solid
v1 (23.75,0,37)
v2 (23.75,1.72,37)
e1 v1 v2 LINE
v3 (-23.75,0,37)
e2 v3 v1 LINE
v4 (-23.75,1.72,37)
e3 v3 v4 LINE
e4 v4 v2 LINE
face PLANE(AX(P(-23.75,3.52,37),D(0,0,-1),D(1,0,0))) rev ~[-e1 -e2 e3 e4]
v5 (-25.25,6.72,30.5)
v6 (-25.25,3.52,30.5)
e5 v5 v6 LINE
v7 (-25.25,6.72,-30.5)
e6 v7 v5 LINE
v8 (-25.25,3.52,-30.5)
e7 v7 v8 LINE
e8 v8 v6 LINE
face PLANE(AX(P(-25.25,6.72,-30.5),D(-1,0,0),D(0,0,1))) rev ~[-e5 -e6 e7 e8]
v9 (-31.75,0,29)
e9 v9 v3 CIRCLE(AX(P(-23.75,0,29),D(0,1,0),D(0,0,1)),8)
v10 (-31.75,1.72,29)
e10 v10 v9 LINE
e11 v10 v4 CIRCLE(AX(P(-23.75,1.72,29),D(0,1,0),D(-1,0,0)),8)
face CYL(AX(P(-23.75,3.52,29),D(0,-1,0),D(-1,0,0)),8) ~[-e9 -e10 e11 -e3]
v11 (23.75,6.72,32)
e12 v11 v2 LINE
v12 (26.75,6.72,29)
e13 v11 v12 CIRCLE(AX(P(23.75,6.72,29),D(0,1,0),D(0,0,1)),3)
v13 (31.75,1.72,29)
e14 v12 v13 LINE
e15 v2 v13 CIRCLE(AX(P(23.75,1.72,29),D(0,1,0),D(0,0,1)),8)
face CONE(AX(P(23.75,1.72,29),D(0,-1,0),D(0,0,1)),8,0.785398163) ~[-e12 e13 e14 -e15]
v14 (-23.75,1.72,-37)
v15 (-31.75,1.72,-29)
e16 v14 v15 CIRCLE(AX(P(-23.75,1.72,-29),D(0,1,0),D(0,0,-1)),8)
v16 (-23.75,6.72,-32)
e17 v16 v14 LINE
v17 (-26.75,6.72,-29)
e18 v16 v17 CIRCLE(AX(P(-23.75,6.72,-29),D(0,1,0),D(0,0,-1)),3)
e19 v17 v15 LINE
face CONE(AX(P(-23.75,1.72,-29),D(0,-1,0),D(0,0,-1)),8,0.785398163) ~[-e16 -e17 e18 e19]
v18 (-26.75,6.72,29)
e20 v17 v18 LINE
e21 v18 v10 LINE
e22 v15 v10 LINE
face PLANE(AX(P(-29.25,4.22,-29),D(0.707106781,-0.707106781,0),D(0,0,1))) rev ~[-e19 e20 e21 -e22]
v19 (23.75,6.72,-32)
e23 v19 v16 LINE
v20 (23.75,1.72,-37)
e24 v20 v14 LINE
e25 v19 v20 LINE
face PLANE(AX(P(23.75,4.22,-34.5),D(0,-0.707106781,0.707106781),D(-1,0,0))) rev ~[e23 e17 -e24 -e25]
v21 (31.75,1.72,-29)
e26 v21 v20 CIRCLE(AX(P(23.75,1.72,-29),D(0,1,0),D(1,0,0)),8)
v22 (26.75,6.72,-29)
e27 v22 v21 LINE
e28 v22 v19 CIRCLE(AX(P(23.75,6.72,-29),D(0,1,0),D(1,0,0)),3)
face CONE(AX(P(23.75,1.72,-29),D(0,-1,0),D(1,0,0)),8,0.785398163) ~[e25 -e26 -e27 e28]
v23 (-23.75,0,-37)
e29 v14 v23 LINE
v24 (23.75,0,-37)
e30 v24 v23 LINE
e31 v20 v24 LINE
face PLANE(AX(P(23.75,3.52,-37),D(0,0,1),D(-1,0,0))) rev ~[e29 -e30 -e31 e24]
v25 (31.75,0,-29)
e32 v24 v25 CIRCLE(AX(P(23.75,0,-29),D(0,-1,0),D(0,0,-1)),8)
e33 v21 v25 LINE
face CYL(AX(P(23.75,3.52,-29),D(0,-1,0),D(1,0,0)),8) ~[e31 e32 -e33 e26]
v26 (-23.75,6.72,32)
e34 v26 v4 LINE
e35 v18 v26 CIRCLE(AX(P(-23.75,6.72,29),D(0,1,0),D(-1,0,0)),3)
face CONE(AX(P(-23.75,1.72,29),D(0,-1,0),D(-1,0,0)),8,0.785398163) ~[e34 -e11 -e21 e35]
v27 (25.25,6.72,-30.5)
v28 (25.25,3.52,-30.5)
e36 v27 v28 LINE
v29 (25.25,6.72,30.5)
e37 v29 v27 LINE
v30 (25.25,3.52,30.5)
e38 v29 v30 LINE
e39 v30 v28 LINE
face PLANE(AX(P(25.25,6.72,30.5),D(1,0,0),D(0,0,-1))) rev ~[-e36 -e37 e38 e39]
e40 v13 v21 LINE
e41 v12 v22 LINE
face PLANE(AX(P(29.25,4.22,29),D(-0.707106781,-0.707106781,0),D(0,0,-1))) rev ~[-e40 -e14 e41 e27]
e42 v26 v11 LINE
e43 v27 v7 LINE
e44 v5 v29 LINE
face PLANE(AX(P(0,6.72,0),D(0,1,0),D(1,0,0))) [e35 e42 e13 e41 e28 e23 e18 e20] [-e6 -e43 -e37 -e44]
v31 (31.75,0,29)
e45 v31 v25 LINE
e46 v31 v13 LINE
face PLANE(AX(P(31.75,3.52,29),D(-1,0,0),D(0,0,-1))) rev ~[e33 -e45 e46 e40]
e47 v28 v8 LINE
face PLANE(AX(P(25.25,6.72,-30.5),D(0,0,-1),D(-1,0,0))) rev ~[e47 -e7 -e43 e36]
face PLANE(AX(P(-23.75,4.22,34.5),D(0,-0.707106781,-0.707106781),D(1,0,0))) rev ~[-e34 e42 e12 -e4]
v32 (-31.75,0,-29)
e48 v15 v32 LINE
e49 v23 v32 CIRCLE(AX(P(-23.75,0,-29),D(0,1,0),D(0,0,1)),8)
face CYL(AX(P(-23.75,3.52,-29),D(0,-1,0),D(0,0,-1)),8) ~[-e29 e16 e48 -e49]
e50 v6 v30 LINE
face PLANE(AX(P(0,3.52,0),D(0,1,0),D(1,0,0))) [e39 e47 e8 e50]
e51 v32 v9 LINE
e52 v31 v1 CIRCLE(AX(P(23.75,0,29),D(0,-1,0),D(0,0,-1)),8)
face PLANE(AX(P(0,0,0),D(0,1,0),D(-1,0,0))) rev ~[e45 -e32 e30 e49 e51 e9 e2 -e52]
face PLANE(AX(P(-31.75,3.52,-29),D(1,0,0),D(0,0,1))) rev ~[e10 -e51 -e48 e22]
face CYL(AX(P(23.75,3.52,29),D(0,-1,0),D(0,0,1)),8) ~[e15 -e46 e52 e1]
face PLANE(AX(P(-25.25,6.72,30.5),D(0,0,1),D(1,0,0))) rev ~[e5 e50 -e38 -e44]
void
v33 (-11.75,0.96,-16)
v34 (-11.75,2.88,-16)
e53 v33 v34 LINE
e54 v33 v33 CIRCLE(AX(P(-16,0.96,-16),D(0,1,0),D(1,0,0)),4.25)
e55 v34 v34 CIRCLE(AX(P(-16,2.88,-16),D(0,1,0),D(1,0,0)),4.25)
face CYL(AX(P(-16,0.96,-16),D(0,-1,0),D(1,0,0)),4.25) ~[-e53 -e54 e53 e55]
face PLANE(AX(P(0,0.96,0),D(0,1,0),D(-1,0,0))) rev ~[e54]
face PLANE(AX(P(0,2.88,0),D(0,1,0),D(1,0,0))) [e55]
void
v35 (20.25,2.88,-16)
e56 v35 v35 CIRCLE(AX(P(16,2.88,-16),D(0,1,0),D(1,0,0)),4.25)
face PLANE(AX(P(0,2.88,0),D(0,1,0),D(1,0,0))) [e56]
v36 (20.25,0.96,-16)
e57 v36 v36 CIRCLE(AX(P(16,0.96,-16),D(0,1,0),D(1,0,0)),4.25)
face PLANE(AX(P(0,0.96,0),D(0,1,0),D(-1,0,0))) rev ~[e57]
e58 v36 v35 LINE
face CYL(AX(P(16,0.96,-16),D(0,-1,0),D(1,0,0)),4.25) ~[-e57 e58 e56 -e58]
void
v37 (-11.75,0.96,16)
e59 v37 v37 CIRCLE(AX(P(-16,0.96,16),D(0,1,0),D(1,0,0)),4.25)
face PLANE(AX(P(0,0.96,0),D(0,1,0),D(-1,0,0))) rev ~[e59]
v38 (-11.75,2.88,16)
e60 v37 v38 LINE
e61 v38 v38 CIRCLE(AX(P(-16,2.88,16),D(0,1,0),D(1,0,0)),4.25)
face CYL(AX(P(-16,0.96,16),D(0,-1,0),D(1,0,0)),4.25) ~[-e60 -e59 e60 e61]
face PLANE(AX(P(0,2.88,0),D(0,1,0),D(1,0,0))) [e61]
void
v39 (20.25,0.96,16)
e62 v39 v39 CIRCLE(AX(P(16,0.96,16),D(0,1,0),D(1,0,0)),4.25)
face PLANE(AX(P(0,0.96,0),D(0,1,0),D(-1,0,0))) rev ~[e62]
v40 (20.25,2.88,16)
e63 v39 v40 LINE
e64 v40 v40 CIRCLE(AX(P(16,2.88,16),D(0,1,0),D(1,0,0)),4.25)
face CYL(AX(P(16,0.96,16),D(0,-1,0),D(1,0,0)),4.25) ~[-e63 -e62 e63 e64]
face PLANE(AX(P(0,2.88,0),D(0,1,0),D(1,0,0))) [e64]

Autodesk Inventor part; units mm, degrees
ref_plane "YZ Plane" through (0, 0, 0) normal (1, 0, 0) x (0, 1, 0)
ref_plane "XZ Plane" through (0, 0, 0) normal (0, 1, 0) x (-1, 0, 0)
ref_plane "XY Plane" through (0, 0, 0) normal (0, 0, 1) x (1, 0, 0)
sketch "Sketch1" plane through (0, 0, 0) normal (0, 1, 0) x (-1, 0, 0)
  line L0 (31.75, 37) -> (-31.75, 37)
  line L1 (-31.75, 37) -> (-31.75, -37)
  line L2 (-31.75, -37) -> (31.75, -37)
  line L3 (31.75, -37) -> (31.75, 37)
  point P0 (0, 0)
  point P1 (31.75, 0)
  point P2 (0, 37)
  dimension "d0" = 74
  dimension "d1" = 63.5
extrude "Extrusion1" add sketch "Sketch1" along normal blind 0.96
sketch "Sketch2" plane through (0, 0.96, 0) normal (0, 1, 0) x (1, 0, 0)
  line L0 (31.75, -37) -> (31.75, 37) projected
  line L1 (31.75, 37) -> (-31.75, 37) projected
  line L2 (-31.75, 37) -> (-31.75, -37) projected
  line L3 (-31.75, -37) -> (31.75, -37) projected
  line L4 (-31.75, 0) -> (31.75, 0)
  line L5 (0, -37) -> (0, 37)
  circle A0 centre (-16, -16) radius 4.25
  circle A1 centre (-16, 16) radius 4.25
  circle A2 centre (16, 16) radius 4.25
  circle A3 centre (16, -16) radius 4.25
  point P0 (0, 0)
  dimension "d13" = 8.5
  dimension "d14" = 32
  dimension "d15" = 32
extrude "Extrusion2" add sketch "Sketch2" along normal blind 1.92
sketch "Sketch3" plane through (0, 2.88, 0) normal (0, 1, 0) x (1, 0, 0)
  line L0 (-31.75, 37) -> (-31.75, -37) projected
  line L1 (-31.75, -37) -> (31.75, -37) projected
  line L2 (31.75, -37) -> (31.75, 37) projected
  line L3 (31.75, 37) -> (-31.75, 37) projected
  point P0 (0, 0)
extrude "Extrusion3" add sketch "Sketch3" along normal blind 0.64
fillet "Fillet1" radius 8 4 edges at (31.75, 1.76, 37) (-31.75, 1.76, 37) (-31.75, 1.76, -37) (31.75, 1.76, -37)
ref_plane "Arbeitsebene2" through (29.4069, 3.52, -34.6569) normal (-0.7625, 0, -0.647) x (0, -1, 0)
sketch "Skizze7" plane through (0, 3.52, 0) normal (0, 1, 0) x (1, 0, 0)
  line L0 (-23.75, -37) -> (23.75, -37) projected
  arc A0 (23.75, -37) -> (31.75, -29) centre (23.75, -29) ccw projected
  line L1 (31.75, -29) -> (31.75, 29) projected
  arc A1 (31.75, 29) -> (23.75, 37) centre (23.75, 29) ccw projected
  line L2 (23.75, 37) -> (-23.75, 37) projected
  arc A2 (-23.75, 37) -> (-31.75, 29) centre (-23.75, 29) ccw projected
  line L3 (-31.75, 29) -> (-31.75, -29) projected
  arc A3 (-31.75, -29) -> (-23.75, -37) centre (-23.75, -29) ccw projected
  line L4 (23.75, -37) -> (-27, -37)
  line L5 (-31.75, -29) -> (-31.75, 29)
  line L6 (-23.75, 37) -> (23.75, 37)
  line L7 (31.75, 29) -> (31.75, -29)
  arc A4 (23.75, -37) -> (31.75, -29) centre (23.75, -29) ccw
  arc A5 (-32.385, -29) -> (-27, -37) centre (-23.75, -29) ccw
  arc A6 (-23.75, 37) -> (-31.75, 29) centre (-23.75, 29) ccw
  arc A7 (31.75, 29) -> (23.75, 37) centre (23.75, 29) ccw
  point P0 (0, 0)
extrude "Extrusion4" add sketch "Skizze7" along normal blind 3.2
sketch "Skizze8" plane through (0, 6.72, 0) normal (0, 1, 0) x (1, 0, 0)
  line L0 (25.25, 30.5) -> (-25.25, 30.5)
  line L1 (-25.25, 30.5) -> (-25.25, -30.5)
  line L2 (-25.25, -30.5) -> (25.25, -30.5)
  line L3 (25.25, -30.5) -> (25.25, 30.5)
  line L4 (25.25, 30.5) -> (-25.25, -30.5) construction
  line L5 (-25.25, 30.5) -> (25.25, -30.5) construction
  point P0 (0, 0)
  dimension "d25" = 61
  dimension "d26" = 50.5
extrude "Extrusion5" cut sketch "Skizze8" against normal blind 3.2
chamfer "Fasen3" distance 5 angle 45 8 edges at (31.75, 6.72, 0) (29.4069, 6.72, -34.6569) (0, 6.72, -37) (-29.4069, 6.72, -34.6569) (-31.75, 6.72, 0) (-29.4069, 6.72, 34.6569) (0, 6.72, 37) (29.4069, 6.72, 34.6569)
properties part number "IMU_Base_T-Shirt"
